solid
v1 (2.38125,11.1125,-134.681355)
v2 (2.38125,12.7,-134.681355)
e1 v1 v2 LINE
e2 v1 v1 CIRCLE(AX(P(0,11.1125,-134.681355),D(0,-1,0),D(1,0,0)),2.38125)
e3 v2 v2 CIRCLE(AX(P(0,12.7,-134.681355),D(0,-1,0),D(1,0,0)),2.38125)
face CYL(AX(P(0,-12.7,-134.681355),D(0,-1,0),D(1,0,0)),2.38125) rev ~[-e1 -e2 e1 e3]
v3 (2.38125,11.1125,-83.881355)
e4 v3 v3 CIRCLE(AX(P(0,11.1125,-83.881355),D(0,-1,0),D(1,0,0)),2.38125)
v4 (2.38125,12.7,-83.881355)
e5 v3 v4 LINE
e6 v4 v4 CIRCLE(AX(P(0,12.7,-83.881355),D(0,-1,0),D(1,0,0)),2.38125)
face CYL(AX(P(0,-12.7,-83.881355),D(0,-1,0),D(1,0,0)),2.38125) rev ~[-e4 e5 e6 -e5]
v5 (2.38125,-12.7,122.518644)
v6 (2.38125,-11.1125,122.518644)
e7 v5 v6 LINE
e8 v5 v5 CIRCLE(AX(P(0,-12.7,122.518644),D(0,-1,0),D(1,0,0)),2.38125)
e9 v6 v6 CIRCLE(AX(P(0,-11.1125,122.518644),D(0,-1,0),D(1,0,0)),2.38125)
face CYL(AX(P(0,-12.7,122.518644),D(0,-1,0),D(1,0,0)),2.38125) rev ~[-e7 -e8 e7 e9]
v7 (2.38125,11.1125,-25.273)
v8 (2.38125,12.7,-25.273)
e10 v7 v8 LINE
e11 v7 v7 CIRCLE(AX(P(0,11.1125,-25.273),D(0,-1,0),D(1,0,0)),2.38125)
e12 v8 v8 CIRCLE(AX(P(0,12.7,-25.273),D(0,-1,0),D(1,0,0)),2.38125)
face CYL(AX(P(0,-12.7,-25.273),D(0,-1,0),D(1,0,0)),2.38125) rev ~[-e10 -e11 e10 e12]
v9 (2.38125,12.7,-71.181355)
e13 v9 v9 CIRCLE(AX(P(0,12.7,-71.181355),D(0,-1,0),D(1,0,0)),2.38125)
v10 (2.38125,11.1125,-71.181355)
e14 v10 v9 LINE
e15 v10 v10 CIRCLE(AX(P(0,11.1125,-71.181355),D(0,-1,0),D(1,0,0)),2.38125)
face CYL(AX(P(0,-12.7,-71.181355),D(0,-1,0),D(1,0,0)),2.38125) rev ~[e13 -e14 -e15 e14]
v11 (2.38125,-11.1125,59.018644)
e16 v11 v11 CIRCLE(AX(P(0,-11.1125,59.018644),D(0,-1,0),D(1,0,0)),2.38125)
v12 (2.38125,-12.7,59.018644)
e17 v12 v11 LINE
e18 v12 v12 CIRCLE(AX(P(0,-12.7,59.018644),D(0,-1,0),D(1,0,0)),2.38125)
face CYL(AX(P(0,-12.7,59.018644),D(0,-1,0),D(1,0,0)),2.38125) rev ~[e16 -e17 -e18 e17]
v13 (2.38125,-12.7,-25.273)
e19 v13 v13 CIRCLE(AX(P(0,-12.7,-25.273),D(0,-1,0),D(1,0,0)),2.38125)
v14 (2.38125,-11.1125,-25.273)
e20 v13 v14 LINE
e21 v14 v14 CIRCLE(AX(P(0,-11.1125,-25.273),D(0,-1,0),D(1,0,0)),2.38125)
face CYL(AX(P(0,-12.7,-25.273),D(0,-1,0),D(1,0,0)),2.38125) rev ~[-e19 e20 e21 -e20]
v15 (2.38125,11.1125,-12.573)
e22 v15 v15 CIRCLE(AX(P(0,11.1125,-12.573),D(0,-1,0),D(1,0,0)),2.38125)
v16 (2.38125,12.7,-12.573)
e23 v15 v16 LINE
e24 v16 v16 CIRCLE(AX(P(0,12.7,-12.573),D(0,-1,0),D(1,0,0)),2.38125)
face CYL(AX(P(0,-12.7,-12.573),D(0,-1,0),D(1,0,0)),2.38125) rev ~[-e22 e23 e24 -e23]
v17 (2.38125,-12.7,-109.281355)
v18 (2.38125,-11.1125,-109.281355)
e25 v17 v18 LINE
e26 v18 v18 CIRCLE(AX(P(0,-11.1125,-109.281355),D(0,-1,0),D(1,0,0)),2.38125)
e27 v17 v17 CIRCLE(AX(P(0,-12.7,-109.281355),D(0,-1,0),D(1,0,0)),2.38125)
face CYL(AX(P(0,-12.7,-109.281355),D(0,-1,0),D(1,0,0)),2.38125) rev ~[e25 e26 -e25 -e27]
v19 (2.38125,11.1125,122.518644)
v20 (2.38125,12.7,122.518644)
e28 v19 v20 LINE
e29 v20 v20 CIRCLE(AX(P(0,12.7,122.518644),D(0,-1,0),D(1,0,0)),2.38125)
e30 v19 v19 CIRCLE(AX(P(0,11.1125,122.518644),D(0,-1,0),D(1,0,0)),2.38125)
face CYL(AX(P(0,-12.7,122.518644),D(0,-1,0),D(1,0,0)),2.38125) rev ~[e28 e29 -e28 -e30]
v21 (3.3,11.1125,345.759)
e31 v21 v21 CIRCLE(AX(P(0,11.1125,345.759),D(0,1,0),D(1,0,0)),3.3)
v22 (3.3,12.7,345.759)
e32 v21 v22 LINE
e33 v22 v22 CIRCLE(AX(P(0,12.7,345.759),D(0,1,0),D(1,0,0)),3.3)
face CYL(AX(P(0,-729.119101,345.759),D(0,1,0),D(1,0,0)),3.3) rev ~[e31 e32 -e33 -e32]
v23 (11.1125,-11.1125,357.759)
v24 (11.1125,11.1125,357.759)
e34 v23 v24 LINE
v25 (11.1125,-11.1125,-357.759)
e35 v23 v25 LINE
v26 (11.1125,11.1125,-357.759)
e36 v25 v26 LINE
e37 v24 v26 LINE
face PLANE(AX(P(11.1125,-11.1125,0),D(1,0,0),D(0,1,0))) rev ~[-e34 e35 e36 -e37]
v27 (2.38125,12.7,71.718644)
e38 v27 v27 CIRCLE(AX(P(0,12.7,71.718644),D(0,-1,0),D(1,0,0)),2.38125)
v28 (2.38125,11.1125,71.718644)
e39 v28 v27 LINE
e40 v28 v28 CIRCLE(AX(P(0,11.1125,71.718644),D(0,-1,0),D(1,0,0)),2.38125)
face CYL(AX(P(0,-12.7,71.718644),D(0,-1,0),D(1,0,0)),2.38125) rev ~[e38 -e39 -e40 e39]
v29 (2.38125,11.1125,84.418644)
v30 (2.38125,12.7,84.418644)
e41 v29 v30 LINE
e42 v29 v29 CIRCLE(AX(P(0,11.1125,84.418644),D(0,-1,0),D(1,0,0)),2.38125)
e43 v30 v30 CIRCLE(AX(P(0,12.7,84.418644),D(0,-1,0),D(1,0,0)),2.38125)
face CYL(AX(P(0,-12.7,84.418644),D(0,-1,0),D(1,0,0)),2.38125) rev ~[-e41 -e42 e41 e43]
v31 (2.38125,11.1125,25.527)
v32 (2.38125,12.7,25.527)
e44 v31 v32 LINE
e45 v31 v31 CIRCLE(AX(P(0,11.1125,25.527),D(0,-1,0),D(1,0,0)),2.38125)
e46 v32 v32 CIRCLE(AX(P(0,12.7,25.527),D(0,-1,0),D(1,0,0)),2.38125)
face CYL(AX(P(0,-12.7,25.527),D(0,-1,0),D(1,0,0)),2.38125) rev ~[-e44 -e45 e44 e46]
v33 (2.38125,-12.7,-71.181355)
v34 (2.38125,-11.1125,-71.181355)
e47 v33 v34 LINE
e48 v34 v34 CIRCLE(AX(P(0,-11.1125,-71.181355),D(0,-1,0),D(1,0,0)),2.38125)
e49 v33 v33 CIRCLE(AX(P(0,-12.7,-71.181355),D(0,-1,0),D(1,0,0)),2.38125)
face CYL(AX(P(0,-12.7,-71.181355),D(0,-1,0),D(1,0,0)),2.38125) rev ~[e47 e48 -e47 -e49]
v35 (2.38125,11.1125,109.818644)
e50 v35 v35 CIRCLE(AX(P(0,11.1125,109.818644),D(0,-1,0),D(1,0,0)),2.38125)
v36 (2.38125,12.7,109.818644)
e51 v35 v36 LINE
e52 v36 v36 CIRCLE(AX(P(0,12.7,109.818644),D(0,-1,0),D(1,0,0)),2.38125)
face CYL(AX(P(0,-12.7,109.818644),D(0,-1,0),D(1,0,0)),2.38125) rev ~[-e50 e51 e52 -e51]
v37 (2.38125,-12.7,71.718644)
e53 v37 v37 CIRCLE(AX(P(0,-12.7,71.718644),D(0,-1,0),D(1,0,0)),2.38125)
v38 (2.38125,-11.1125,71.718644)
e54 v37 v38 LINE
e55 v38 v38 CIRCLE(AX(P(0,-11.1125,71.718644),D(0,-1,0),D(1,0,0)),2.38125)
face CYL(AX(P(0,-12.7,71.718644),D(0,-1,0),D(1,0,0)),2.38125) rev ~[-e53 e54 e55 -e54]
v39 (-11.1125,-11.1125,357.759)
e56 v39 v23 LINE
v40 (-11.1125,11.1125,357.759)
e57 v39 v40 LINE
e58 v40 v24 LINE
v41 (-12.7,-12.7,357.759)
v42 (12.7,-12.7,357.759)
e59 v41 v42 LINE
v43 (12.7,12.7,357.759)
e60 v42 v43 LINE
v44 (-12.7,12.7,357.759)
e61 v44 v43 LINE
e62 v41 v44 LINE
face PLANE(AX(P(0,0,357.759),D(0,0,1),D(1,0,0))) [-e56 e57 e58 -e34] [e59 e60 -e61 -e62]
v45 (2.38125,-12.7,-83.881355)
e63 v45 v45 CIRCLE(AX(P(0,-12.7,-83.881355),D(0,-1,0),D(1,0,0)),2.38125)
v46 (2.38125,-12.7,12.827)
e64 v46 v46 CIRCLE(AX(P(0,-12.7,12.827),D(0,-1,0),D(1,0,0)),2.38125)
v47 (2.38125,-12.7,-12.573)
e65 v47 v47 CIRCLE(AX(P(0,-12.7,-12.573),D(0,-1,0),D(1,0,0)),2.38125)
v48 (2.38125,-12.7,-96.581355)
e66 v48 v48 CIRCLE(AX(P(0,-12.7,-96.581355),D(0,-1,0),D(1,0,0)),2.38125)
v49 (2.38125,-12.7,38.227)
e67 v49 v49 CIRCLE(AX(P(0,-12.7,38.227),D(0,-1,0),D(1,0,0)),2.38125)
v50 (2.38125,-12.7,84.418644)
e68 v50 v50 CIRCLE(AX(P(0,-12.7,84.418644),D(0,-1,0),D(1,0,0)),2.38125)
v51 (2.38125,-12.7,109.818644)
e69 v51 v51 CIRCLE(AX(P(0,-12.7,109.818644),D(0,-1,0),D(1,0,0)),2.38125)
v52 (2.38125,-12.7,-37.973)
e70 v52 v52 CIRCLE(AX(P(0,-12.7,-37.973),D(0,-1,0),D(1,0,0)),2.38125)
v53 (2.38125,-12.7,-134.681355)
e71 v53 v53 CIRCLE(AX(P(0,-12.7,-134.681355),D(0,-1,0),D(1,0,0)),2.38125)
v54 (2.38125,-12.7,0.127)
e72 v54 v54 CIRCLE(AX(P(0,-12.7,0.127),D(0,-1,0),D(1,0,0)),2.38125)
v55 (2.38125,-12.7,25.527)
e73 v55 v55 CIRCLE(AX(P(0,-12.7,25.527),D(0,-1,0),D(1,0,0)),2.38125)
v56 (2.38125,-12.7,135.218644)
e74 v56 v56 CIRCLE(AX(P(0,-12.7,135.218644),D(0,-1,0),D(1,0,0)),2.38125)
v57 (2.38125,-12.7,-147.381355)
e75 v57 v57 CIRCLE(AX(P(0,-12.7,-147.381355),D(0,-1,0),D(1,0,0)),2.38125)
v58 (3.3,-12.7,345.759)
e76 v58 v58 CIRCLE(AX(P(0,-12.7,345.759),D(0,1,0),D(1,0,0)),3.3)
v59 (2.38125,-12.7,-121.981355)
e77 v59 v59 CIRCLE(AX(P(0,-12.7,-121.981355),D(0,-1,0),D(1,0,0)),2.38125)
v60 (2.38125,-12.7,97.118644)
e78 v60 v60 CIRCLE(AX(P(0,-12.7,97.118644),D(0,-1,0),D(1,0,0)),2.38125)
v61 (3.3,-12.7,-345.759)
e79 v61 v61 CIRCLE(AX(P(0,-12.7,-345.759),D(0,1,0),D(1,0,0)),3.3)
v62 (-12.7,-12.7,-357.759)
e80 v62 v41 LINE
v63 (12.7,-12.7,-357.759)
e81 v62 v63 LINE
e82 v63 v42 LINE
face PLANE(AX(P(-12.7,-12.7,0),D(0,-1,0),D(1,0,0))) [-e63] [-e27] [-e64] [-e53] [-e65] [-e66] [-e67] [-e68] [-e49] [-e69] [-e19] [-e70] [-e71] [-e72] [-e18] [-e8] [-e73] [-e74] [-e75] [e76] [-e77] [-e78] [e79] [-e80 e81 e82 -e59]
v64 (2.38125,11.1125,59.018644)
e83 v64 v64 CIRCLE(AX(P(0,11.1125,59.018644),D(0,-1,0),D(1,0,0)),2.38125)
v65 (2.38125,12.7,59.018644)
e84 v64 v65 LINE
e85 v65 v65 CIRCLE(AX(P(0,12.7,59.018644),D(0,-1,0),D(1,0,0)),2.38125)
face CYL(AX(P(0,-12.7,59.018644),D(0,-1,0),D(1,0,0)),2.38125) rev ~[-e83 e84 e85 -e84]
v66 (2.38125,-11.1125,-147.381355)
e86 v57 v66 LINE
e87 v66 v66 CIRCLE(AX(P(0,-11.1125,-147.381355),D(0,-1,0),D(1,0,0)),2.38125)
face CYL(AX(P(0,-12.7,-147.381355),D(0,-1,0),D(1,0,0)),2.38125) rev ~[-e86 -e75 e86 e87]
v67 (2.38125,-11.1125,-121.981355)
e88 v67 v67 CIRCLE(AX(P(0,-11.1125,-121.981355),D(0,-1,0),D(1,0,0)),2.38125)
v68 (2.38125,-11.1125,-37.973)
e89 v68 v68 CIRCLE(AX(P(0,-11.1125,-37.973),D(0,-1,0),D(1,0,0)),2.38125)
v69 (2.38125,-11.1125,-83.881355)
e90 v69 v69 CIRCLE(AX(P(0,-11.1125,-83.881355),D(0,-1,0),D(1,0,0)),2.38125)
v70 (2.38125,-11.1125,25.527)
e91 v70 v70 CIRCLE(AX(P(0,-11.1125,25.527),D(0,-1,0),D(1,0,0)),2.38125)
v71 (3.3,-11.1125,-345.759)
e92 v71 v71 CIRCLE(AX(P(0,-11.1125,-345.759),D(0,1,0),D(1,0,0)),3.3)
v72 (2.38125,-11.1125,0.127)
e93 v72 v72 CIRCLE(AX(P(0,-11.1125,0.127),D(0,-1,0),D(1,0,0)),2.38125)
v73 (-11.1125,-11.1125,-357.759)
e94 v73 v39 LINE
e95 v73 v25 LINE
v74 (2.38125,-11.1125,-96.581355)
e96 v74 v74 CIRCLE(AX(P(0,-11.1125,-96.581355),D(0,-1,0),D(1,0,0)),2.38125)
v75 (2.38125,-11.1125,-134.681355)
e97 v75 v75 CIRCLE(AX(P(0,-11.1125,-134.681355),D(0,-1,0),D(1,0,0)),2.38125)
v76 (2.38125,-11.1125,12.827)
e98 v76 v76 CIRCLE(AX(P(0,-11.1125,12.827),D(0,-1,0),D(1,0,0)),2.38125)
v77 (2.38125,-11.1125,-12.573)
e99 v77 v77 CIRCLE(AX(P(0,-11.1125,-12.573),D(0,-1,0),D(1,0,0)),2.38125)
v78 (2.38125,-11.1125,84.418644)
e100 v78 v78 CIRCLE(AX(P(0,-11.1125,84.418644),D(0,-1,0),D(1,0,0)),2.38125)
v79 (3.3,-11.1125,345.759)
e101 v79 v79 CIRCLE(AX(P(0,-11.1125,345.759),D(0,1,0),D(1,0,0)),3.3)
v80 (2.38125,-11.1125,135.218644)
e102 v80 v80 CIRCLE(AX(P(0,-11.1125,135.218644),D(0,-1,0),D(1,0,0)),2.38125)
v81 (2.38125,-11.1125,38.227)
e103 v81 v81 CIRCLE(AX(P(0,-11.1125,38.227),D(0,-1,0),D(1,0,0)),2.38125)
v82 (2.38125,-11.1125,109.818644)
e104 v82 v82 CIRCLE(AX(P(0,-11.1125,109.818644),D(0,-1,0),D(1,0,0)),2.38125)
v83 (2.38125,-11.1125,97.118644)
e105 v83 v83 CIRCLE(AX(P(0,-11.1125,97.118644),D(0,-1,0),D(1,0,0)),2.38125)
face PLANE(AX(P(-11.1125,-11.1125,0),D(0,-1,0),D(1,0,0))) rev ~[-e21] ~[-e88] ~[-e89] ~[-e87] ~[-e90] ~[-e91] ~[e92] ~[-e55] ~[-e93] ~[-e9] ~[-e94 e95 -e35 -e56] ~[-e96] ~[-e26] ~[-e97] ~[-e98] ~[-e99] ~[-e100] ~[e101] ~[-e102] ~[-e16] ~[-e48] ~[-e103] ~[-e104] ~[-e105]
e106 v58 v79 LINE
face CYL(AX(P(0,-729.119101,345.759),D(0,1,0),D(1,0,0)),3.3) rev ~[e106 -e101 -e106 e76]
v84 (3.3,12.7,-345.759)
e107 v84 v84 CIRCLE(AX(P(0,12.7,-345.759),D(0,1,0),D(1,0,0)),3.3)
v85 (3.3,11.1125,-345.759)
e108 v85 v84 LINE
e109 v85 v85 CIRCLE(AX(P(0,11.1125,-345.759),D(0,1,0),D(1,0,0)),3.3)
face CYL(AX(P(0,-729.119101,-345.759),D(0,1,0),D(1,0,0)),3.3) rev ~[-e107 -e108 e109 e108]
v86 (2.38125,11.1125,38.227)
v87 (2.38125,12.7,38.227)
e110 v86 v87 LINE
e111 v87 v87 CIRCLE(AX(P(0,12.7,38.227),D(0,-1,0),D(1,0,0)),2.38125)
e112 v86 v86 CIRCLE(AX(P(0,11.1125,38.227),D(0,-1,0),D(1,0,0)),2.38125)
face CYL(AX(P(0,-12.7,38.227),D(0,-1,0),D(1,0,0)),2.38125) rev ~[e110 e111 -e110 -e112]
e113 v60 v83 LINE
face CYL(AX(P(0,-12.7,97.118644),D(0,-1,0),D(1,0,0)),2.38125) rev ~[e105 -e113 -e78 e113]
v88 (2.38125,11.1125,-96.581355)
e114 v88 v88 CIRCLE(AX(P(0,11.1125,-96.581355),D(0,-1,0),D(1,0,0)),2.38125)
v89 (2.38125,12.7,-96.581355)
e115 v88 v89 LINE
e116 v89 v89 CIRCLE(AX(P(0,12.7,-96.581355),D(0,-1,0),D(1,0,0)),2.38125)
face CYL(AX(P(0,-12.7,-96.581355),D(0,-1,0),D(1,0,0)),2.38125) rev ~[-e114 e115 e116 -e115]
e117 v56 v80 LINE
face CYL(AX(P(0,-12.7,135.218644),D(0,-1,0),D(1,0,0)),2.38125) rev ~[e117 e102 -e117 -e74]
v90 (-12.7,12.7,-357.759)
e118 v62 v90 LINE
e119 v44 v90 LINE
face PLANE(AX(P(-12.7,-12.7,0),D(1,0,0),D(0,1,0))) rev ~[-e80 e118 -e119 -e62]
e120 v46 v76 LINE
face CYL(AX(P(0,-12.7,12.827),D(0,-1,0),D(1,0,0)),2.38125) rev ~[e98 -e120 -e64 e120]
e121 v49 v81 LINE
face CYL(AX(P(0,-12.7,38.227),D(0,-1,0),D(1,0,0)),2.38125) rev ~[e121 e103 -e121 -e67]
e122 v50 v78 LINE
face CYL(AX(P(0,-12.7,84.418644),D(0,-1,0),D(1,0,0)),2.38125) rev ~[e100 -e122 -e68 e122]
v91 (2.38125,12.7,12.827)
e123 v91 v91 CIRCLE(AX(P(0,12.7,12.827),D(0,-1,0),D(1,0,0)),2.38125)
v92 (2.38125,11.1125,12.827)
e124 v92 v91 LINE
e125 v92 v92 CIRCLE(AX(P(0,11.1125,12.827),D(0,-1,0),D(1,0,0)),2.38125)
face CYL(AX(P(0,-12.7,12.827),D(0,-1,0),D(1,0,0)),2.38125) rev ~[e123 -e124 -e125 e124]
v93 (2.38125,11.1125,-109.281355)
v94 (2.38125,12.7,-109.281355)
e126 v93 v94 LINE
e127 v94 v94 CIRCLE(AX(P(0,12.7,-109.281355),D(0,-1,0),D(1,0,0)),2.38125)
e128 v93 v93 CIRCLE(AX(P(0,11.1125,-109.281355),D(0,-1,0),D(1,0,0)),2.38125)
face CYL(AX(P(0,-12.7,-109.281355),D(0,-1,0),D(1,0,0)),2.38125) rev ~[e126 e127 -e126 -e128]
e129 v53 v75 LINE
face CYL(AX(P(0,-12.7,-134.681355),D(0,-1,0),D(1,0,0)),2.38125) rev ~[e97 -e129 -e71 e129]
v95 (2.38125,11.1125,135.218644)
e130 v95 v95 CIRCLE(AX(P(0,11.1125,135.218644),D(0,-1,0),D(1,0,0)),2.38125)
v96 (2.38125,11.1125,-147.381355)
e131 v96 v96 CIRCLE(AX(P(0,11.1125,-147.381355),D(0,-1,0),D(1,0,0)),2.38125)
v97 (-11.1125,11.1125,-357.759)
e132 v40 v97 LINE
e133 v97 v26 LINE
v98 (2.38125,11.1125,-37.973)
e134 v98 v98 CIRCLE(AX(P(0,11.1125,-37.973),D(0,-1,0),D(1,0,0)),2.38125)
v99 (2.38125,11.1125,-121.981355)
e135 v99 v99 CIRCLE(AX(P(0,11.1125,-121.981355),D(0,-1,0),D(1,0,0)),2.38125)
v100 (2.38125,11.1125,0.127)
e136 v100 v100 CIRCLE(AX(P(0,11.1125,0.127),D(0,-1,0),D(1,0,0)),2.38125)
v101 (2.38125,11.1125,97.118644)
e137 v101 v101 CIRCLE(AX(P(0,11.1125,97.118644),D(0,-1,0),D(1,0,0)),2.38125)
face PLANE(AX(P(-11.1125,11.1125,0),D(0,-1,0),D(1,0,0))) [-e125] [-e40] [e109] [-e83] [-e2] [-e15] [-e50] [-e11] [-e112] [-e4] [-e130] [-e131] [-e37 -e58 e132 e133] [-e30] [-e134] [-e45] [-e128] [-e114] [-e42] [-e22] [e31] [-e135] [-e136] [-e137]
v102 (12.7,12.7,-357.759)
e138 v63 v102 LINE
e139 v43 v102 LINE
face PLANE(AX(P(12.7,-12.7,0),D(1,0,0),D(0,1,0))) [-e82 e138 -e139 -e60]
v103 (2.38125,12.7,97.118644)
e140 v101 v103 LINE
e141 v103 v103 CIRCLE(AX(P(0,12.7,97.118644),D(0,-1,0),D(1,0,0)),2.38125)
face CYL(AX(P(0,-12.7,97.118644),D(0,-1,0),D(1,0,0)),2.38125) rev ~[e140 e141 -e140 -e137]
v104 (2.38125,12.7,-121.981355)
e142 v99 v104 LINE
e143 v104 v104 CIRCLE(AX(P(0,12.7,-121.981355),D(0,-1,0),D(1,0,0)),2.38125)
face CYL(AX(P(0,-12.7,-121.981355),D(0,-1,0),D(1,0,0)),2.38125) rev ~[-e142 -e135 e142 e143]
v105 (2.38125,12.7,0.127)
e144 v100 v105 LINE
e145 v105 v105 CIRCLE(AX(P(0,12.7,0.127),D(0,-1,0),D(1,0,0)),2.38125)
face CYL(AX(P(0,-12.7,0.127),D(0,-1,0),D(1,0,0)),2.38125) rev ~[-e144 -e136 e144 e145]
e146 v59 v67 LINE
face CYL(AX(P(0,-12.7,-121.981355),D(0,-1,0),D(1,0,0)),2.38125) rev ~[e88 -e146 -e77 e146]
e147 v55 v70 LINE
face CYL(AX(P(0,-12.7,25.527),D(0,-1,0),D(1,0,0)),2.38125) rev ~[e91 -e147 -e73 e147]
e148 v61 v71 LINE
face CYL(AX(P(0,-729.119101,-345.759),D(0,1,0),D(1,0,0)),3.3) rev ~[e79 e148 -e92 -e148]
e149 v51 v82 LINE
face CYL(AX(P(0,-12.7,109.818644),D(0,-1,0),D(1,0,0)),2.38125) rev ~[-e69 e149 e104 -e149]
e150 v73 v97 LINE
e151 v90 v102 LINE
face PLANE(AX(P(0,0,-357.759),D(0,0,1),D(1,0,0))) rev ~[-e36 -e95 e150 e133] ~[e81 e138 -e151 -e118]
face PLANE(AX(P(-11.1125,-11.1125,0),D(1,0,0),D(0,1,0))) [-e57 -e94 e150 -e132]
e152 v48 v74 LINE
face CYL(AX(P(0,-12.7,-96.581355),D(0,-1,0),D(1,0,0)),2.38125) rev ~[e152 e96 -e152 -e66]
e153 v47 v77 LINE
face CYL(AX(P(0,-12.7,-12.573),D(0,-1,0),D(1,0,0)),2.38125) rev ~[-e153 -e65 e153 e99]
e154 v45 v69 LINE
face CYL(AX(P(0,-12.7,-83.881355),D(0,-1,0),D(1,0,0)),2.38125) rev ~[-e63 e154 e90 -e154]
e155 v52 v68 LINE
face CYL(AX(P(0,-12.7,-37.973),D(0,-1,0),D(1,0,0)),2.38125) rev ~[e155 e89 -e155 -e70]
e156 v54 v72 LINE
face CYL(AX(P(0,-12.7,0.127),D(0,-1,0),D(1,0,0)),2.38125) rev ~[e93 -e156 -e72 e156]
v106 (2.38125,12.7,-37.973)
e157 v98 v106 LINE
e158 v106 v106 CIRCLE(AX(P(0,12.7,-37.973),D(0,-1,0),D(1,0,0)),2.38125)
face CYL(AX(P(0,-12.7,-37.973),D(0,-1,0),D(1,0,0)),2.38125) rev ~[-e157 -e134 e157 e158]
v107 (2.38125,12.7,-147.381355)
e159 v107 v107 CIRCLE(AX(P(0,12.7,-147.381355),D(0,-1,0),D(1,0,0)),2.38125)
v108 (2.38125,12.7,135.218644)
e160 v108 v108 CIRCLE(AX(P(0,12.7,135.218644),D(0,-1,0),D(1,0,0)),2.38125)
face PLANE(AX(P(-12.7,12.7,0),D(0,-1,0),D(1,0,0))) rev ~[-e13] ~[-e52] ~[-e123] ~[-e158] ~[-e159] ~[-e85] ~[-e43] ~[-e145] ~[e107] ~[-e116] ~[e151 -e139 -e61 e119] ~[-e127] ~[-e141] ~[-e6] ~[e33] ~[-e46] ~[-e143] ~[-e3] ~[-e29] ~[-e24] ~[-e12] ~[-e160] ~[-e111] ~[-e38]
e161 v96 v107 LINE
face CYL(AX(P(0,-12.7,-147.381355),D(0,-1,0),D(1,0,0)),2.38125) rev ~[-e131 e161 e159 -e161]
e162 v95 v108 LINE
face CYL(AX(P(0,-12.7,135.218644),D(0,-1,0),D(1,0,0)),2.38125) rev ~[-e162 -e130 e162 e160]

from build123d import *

# Parameters (mm, degrees)
SKETCH1_W            = 25.4
SKETCH1_H            = 25.4
SKETCH1_W_2          = 22.225
SKETCH1_H_2          = 22.225
BOSS_EXTRUDE1_DEPTH  = 357.759
SKETCH2_R            = 2.38125
CUT_EXTRUDE1_DEPTH   = 26.4
SKETCH3_R            = 2.38125
CUT_EXTRUDE2_DEPTH   = 26.4
M6_CLEARANCE_HOLE1_D = 6.6


with BuildPart() as part:
    # Sketch1 → Boss-Extrude1 (new body, symmetric)
    with BuildSketch(Plane.XY):
        Rectangle(SKETCH1_W, SKETCH1_H)
        Rectangle(SKETCH1_W_2, SKETCH1_H_2, mode=Mode.SUBTRACT)
    extrude(amount=BOSS_EXTRUDE1_DEPTH, both=True)

    # Sketch2 → Cut-Extrude1 (cut, through all)
    with BuildSketch(Plane.XZ.offset(12.7)):
        with Locations((0, -37.973)):
            Circle(SKETCH2_R)
        with Locations((0, -25.273)):
            Circle(SKETCH2_R)
        with Locations((0, -12.573)):
            Circle(SKETCH2_R)
        with Locations((0, 0.127)):
            Circle(SKETCH2_R)
        with Locations((0, 12.827)):
            Circle(SKETCH2_R)
        with Locations((0, 25.527)):
            Circle(SKETCH2_R)
        with Locations((0, 38.227)):
            Circle(SKETCH2_R)
    extrude(amount=-CUT_EXTRUDE1_DEPTH, mode=Mode.SUBTRACT)

    # Sketch3 → Cut-Extrude2 (cut, through all)
    with BuildSketch(Plane.XZ.offset(12.7)):
        with Locations((0, 59.018644472)):
            Circle(SKETCH3_R)
        with Locations((0, 71.718644472)):
            Circle(SKETCH3_R)
        with Locations((0, 84.418644472)):
            Circle(SKETCH3_R)
        with Locations((0, 109.818644472)):
            Circle(SKETCH3_R)
        with Locations((0, 122.518644472)):
            Circle(SKETCH3_R)
        with Locations((0, 135.218644472)):
            Circle(SKETCH3_R)
        with Locations((0, 97.118644472)):
            Circle(SKETCH3_R)
        with Locations((0, -71.18135497)):
            Circle(SKETCH3_R)
        with Locations((0, -83.88135497)):
            Circle(SKETCH3_R)
        with Locations((0, -96.58135497)):
            Circle(SKETCH3_R)
        with Locations((0, -109.28135497)):
            Circle(SKETCH3_R)
        with Locations((0, -121.98135497)):
            Circle(SKETCH3_R)
        with Locations((0, -134.68135497)):
            Circle(SKETCH3_R)
        with Locations((0, -147.38135497)):
            Circle(SKETCH3_R)
    extrude(amount=-CUT_EXTRUDE2_DEPTH, mode=Mode.SUBTRACT)

    # M6 Clearance Hole1 (through all)
    with Locations(Plane(origin=(0, -12.7, 0), x_dir=(-1, 0, 0), z_dir=(0, -1, 0))):
        with Locations((0, -345.759), (0, 345.759)):
            Hole(M6_CLEARANCE_HOLE1_D / 2)


solid = part.part
